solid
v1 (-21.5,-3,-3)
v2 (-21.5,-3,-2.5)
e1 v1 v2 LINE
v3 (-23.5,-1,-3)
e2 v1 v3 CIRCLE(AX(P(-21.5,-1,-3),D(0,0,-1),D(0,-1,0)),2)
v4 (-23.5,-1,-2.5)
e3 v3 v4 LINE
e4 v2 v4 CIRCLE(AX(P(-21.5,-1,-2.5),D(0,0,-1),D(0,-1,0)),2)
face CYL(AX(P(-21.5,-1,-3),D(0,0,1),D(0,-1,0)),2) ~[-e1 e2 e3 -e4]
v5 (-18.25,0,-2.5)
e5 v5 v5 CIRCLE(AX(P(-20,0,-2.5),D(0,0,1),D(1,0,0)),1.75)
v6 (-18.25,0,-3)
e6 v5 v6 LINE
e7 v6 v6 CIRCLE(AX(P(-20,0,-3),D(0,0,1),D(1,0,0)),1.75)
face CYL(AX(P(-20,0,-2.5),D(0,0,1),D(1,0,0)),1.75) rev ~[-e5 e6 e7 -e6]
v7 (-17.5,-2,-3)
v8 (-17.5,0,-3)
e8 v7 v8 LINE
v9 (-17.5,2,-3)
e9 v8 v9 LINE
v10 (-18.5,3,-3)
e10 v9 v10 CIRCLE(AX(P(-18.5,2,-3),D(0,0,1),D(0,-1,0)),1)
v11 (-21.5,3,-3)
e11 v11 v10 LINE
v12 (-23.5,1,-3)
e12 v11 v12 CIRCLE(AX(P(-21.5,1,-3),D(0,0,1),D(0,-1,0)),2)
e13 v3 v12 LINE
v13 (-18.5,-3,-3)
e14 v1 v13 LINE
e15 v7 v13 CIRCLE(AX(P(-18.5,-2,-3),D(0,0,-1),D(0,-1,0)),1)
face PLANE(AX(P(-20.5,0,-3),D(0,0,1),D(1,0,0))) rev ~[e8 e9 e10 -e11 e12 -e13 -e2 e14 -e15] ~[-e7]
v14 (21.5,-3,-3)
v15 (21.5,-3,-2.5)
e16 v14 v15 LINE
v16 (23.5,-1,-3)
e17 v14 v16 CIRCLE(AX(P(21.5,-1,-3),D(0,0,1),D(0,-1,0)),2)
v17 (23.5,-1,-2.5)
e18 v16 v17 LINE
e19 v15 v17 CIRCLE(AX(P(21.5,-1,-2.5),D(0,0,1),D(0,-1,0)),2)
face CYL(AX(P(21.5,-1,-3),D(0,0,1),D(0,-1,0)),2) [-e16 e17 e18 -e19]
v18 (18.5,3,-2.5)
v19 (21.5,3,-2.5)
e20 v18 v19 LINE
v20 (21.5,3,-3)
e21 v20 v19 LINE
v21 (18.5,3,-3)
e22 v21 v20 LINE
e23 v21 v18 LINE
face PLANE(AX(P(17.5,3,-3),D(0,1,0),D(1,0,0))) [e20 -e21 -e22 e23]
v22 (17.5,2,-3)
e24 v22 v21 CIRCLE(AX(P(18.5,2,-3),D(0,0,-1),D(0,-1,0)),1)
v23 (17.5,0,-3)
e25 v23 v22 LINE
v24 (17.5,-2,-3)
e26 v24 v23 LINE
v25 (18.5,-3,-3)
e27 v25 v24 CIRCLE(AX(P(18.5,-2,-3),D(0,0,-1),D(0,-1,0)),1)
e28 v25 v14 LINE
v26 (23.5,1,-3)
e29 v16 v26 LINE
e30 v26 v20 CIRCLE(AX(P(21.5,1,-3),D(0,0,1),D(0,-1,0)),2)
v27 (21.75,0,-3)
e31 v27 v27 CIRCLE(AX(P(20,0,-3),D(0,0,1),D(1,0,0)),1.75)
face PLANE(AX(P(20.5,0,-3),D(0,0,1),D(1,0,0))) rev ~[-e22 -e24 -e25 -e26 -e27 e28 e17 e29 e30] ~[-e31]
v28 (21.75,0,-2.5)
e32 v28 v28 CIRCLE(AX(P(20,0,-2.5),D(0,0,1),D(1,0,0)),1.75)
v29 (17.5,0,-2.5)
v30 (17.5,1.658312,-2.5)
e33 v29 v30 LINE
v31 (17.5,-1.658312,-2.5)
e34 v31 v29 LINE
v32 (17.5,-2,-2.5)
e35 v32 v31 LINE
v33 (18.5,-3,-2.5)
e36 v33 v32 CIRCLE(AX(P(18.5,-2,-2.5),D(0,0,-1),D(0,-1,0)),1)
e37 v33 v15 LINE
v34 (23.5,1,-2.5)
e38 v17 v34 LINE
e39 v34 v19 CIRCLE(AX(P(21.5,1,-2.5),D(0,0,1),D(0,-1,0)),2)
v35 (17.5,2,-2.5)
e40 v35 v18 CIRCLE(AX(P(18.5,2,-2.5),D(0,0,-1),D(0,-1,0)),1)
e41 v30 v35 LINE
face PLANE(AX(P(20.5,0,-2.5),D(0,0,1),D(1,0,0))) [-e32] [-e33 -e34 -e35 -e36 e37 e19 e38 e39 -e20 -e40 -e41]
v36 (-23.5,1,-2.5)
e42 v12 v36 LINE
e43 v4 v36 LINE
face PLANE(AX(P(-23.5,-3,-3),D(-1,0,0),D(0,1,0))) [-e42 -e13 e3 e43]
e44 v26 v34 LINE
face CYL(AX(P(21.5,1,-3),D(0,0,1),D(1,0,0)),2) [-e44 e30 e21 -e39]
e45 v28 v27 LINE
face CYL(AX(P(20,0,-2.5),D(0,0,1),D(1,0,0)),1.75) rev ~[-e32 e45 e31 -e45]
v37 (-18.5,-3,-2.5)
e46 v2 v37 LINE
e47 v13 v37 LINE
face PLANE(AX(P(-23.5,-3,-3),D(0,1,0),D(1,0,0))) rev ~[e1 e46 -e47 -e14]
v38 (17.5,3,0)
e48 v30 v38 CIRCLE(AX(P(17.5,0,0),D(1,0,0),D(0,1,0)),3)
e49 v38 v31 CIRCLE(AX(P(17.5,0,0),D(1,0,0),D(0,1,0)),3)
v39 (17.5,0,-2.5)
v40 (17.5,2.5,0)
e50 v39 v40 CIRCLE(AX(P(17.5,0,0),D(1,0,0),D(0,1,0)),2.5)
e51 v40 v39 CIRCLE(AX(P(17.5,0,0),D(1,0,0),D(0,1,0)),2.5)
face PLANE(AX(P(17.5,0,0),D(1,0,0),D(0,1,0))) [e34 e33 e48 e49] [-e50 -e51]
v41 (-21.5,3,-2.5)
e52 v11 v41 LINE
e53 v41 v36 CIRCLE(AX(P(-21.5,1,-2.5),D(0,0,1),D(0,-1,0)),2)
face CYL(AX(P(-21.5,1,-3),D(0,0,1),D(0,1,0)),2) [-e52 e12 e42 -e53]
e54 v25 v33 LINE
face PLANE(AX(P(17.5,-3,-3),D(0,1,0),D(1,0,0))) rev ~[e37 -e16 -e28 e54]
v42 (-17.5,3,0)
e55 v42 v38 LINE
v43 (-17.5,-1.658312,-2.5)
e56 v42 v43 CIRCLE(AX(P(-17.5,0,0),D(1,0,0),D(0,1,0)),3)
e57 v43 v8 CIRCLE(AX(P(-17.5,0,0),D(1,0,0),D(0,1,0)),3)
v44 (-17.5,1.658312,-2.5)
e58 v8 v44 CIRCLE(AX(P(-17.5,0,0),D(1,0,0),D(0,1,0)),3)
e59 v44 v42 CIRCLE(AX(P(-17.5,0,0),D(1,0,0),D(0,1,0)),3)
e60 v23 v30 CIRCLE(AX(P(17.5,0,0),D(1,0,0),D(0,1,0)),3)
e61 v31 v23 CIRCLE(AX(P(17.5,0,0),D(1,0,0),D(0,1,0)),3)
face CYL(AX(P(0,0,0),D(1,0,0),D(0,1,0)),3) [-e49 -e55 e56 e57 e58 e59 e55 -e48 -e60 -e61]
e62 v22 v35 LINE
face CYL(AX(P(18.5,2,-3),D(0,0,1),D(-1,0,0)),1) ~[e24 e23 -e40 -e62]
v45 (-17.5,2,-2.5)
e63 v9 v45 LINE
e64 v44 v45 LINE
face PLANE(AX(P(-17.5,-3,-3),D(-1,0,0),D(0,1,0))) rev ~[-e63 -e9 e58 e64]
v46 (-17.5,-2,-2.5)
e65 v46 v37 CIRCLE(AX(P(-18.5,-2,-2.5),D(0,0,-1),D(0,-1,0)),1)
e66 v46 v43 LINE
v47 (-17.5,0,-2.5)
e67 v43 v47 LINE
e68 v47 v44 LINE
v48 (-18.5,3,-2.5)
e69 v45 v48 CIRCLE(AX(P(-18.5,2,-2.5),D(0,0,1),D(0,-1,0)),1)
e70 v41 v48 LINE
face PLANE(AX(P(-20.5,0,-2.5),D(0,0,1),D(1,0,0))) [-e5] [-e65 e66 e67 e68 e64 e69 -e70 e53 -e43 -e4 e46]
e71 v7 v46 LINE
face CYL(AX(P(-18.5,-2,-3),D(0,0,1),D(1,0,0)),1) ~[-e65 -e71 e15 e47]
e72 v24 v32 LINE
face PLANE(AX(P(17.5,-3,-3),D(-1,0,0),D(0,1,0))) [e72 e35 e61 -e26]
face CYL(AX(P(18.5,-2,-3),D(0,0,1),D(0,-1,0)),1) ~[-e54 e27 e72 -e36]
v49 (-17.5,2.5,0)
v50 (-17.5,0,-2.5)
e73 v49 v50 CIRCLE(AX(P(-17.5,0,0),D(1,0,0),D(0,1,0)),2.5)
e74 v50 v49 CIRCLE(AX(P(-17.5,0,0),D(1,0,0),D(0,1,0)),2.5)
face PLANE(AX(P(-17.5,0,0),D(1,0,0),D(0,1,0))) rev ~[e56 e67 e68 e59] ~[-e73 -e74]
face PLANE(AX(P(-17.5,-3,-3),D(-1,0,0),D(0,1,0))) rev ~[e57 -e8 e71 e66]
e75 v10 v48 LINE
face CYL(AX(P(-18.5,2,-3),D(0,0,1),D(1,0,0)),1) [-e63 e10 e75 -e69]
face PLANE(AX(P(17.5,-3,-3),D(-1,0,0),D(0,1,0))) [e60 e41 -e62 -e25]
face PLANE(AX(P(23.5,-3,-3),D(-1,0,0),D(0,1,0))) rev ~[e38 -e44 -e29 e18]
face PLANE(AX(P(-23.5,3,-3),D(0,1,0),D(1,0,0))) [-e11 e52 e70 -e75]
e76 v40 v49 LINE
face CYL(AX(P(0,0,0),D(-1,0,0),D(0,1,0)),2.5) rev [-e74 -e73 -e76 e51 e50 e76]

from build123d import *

# Parameters (mm, degrees)
F0_R     = 3
F0_R_2   = 2.5
F1_DEPTH = 17.5
F3_W     = 6
F3_H     = 6
F4_DEPTH = 0.5
F6_R     = 2
F7_R     = 1
F5_R     = 1.75
F8_DEPTH = 25


with BuildPart() as f1:
    # F0 (on Right) → F1 (new body, symmetric)
    with BuildSketch(Plane.YZ):
        Circle(F0_R)
        Circle(F0_R_2, mode=Mode.SUBTRACT)
    extrude(amount=F1_DEPTH, both=True)

    # F3 (on offset) → F4 (join)
    with BuildSketch(Plane.XY.offset(-3)):
        with Locations((20.5, 0)):
            Rectangle(F3_W, F3_H)
        with Locations((-20.5, 0)):
            Rectangle(F3_W, F3_H)
    extrude(amount=F4_DEPTH)

    # F6
    f6_edges = [f1.edges().sort_by_distance(p)[0] for p in [
        (23.5, 3, -2.75),
        (23.5, -3, -2.75),
        (-23.5, -3, -2.75),
        (-23.5, 3, -2.75),
    ]]
    fillet(f6_edges, radius=F6_R)

    # F7
    f7_edges = [f1.edges().sort_by_distance(p)[0] for p in [
        (17.5, -3, -2.75),
        (17.5, 3, -2.75),
        (-17.5, -3, -2.75),
        (-17.5, 3, -2.75),
    ]]
    fillet(f7_edges, radius=F7_R)

    # F5 (on face) → F8 (cut)
    with BuildSketch(Plane.XY.offset(-2.5)):
        with Locations((20, 0)):
            Circle(F5_R)
        with Locations((-20, 0)):
            Circle(F5_R)
    extrude(amount=-F8_DEPTH, mode=Mode.SUBTRACT)


solid = f1.part
